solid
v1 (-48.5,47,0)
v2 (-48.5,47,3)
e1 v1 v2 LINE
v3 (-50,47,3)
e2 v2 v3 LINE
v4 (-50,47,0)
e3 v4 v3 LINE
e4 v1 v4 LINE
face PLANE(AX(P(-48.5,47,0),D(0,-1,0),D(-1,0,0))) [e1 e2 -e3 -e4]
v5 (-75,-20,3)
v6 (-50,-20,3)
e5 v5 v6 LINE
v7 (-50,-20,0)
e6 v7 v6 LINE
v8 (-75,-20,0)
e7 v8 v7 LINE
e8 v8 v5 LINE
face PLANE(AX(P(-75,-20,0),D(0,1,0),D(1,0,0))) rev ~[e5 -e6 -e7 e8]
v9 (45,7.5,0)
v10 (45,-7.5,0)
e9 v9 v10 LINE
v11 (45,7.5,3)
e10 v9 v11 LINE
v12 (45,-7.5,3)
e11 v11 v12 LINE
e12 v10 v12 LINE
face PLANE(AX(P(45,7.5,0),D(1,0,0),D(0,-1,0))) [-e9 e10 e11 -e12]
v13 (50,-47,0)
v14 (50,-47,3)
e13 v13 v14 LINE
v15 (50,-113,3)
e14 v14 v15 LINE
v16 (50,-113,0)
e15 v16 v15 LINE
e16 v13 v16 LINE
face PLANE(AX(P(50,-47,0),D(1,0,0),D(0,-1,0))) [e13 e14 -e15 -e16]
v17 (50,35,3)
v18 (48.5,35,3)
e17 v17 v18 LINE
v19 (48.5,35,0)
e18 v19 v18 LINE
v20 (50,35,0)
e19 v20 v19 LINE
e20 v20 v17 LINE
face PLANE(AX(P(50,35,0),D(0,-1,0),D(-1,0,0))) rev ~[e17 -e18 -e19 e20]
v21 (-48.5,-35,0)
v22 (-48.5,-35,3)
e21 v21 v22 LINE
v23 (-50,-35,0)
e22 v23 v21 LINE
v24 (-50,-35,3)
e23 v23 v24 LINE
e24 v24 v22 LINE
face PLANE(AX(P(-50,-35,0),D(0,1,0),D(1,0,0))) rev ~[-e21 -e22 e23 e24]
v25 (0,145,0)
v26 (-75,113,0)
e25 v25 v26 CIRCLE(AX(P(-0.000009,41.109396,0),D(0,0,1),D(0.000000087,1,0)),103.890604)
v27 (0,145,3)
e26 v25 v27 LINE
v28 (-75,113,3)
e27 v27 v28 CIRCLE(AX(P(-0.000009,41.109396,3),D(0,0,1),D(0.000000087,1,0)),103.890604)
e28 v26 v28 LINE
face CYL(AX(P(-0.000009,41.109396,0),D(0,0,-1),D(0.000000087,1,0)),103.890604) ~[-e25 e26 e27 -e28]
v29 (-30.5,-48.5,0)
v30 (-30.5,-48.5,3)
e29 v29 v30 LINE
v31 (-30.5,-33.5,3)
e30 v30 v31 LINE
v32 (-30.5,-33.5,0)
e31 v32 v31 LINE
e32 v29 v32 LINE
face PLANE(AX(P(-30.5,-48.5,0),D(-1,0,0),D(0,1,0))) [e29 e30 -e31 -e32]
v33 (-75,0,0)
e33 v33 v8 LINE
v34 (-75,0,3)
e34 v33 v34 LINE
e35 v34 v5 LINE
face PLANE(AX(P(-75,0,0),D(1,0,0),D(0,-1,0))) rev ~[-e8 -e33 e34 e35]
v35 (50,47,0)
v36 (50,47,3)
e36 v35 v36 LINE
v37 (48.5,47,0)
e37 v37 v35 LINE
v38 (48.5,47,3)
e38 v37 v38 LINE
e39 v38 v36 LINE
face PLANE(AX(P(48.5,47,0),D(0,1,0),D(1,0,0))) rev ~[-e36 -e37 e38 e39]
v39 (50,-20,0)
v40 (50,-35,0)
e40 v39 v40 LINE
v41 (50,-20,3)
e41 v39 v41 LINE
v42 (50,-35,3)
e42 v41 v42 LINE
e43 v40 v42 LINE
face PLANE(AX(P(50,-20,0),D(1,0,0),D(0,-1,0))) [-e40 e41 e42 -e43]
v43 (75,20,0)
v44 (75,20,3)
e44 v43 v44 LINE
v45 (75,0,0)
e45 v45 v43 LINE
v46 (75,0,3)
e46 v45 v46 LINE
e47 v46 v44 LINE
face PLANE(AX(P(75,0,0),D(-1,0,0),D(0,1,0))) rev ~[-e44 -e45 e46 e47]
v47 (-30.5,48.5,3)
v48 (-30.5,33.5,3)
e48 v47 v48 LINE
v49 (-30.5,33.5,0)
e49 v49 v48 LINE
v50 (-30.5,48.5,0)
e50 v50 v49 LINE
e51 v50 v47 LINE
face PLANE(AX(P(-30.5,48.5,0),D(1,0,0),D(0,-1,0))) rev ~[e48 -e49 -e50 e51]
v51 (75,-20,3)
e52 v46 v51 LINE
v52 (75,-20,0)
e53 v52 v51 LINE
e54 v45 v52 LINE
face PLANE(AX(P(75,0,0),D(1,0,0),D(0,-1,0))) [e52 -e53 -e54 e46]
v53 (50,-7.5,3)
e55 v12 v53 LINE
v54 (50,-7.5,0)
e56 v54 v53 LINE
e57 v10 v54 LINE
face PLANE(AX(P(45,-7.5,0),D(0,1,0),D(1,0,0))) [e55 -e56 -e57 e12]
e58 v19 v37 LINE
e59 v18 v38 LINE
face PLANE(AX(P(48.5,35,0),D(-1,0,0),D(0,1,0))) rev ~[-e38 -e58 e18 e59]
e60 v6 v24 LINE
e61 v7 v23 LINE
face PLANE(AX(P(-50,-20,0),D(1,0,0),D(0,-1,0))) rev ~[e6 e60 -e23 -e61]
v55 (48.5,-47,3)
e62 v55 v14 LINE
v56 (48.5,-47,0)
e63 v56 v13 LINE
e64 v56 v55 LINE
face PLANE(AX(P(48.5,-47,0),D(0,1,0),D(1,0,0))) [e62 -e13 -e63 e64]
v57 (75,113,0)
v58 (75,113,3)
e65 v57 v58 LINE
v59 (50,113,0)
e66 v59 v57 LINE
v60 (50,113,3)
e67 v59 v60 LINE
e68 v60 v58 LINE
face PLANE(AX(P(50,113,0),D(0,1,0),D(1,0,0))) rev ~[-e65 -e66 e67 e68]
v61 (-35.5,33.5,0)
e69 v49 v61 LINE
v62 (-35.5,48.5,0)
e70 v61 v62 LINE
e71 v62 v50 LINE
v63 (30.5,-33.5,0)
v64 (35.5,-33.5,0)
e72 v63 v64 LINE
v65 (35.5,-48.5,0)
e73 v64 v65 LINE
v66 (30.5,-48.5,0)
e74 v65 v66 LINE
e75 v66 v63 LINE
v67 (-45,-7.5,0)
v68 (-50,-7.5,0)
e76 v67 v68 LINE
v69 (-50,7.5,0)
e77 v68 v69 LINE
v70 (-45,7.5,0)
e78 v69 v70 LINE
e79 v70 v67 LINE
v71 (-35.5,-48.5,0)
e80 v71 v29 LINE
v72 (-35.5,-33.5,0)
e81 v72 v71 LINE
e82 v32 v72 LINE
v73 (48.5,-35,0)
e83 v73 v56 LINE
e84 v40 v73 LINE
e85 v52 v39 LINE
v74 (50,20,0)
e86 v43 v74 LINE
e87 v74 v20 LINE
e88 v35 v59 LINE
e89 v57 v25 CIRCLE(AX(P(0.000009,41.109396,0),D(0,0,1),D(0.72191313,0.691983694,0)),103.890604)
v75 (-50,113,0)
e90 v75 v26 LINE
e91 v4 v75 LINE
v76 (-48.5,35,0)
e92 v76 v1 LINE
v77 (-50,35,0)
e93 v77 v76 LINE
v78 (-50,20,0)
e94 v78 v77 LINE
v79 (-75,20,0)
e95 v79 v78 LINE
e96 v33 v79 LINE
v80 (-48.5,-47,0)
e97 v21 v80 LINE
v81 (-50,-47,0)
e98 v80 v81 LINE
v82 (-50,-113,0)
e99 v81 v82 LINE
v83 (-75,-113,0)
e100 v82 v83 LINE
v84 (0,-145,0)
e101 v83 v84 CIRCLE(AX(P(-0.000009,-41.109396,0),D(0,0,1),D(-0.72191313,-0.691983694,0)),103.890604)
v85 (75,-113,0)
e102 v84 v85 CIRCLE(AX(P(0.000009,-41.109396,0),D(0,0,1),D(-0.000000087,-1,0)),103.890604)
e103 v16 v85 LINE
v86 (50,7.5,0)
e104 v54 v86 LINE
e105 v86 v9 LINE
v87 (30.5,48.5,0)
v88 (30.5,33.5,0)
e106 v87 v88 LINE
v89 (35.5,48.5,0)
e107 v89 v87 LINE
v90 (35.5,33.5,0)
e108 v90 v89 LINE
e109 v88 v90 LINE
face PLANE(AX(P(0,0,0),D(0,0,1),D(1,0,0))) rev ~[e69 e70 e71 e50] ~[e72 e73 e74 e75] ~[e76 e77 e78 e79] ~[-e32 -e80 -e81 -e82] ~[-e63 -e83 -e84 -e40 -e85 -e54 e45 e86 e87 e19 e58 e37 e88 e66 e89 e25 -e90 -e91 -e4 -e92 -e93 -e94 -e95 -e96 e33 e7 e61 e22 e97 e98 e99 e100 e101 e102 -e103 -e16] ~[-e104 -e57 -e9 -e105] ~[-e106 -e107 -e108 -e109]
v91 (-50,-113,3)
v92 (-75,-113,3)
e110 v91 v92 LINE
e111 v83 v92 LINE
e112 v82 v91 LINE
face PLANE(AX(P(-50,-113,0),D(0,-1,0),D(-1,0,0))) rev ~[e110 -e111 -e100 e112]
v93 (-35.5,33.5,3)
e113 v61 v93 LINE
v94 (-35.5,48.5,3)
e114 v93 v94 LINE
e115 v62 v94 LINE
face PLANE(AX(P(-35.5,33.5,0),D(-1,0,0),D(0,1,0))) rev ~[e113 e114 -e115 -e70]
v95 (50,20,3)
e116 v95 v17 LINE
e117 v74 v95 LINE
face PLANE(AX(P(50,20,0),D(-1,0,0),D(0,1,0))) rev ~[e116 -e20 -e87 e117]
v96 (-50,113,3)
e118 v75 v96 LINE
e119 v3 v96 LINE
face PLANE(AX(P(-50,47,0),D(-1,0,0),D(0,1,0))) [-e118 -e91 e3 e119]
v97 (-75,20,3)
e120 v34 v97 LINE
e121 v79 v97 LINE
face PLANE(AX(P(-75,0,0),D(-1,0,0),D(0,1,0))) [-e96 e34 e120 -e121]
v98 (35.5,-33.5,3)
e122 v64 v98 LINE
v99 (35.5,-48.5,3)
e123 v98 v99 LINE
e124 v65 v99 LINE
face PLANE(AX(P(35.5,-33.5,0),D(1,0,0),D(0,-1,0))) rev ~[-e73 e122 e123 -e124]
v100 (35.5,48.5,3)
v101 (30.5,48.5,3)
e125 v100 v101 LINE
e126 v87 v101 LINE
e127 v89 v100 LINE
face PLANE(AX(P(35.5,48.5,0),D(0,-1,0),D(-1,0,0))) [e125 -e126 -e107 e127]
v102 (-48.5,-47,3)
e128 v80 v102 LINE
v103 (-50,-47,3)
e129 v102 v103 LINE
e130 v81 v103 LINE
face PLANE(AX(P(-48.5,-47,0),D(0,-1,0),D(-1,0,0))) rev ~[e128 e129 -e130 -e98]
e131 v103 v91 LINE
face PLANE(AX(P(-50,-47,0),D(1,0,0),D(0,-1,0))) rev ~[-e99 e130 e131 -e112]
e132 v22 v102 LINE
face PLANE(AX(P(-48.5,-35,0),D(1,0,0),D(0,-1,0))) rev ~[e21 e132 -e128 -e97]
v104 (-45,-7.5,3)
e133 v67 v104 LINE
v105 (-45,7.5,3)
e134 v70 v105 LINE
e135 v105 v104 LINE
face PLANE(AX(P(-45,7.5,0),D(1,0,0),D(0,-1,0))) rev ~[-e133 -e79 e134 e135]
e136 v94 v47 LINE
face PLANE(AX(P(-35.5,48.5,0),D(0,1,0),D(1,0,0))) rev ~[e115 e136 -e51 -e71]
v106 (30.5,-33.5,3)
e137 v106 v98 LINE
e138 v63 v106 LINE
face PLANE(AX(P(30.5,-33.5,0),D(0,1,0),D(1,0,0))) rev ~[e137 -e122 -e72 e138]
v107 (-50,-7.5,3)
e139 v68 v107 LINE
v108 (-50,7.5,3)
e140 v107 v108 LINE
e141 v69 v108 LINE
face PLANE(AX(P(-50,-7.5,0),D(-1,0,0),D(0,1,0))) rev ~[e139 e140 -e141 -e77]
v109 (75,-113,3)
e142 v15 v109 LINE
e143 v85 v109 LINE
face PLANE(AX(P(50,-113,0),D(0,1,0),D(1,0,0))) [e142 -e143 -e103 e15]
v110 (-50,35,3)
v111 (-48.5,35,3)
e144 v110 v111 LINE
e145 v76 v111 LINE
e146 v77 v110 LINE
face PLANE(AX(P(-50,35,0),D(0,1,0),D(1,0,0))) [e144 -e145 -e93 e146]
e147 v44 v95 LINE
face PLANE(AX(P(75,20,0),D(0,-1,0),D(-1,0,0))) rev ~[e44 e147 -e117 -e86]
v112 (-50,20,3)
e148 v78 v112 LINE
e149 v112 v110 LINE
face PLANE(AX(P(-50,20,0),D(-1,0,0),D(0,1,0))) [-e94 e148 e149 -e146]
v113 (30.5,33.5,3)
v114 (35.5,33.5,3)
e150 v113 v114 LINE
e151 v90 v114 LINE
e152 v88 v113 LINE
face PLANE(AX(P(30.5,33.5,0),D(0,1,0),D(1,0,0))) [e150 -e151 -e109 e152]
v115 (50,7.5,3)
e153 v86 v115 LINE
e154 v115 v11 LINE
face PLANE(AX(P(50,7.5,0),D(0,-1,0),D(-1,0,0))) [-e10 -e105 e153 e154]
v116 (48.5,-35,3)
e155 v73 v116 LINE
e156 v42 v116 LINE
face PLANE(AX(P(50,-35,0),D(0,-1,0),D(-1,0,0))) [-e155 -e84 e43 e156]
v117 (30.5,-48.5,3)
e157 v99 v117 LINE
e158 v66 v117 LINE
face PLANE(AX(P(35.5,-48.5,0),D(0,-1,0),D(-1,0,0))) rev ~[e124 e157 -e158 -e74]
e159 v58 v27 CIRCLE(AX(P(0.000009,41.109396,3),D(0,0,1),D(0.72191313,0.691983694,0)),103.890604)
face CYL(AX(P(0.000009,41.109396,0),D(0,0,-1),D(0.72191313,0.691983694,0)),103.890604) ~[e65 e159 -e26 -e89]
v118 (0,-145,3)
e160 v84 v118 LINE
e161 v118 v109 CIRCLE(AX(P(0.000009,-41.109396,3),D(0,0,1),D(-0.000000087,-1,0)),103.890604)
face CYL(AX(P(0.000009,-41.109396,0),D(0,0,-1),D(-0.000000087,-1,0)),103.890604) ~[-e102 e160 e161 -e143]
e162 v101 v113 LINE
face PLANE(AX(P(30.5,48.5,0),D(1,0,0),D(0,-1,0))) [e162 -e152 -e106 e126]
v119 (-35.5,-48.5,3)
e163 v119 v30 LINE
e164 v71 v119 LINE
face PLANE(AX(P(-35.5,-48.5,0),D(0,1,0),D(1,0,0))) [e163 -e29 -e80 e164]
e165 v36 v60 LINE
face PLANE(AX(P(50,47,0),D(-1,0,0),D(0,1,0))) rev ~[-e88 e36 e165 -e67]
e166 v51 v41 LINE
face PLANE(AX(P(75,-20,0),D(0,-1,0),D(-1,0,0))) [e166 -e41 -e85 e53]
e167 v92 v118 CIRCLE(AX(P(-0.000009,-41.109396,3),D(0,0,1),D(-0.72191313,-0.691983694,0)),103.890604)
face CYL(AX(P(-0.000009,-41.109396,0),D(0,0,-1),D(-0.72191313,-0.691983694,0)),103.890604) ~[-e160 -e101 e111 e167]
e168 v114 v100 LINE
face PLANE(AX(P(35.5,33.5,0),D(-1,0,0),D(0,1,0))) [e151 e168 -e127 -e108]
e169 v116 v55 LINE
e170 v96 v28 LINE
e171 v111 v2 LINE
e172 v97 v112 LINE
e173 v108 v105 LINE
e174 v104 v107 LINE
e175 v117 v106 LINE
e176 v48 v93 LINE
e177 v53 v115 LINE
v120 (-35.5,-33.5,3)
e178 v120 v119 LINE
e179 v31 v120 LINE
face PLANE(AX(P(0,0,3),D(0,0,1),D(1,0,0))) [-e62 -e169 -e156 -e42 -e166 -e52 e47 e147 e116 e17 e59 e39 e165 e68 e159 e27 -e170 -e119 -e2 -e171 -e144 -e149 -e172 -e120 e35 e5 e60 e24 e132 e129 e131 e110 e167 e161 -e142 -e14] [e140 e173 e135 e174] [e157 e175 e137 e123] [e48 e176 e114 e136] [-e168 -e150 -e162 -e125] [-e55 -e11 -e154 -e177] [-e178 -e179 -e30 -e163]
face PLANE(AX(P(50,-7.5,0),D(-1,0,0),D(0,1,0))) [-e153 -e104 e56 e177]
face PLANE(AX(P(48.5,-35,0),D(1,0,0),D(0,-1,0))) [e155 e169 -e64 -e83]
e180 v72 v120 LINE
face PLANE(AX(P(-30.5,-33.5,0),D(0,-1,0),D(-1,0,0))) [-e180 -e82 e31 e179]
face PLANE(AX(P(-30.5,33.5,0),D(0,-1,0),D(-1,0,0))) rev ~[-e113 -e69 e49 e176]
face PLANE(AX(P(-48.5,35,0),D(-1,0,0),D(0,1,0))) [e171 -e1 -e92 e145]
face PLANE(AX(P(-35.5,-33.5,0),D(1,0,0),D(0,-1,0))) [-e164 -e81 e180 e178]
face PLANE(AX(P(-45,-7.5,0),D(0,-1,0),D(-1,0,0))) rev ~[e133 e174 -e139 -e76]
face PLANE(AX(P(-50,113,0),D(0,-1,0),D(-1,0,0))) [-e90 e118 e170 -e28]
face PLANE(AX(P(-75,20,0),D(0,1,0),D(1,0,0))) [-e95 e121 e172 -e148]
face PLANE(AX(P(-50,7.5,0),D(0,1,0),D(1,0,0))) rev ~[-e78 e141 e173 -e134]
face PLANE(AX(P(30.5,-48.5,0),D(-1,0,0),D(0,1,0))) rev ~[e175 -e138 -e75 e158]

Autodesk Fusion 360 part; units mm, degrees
sketch "Sketch1" plane through (0, 0, 0) normal (0, 0, 1) x (1, 0, 0)
  line L0 (0, 0) -> (75, 0) construction
  line L1 (0, 0) -> (0, 145) construction
  line L2 (75, 0) -> (75, 20)
  line L3 (75, 20) -> (50, 20)
  line L4 (50, 20) -> (50, 113)
  line L5 (50, 113) -> (75, 113)
  arc A0 (75, 113) -> (0, 145) centre (0, 41.1094) ccw
  line L6 (0, 145) -> (-55.6559, 145) construction
  line L7 (-75, 0) -> (-75, 20)
  line L8 (-75, 20) -> (-50, 20)
  line L9 (-50, 20) -> (-50, 113)
  line L10 (-50, 113) -> (-75, 113)
  arc A1 (0, 145) -> (-75, 113) centre (0, 41.1094) ccw
  line L11 (75, 0) -> (75, -20)
  line L12 (75, -20) -> (50, -20)
  line L13 (50, -20) -> (50, -113)
  line L14 (50, -113) -> (75, -113)
  arc A2 (0, -145) -> (75, -113) centre (0, -41.1094) ccw
  line L15 (-50, -113) -> (-75, -113)
  line L16 (-50, -20) -> (-50, -113)
  line L17 (-75, -20) -> (-50, -20)
  line L18 (-75, 0) -> (-75, -20)
  arc A3 (-75, -113) -> (0, -145) centre (0, -41.1094) ccw
  line L19 (50, 35) -> (48.5, 35)
  line L20 (48.5, 35) -> (48.5, 47)
  line L21 (48.5, 47) -> (50, 47)
  line L22 (50, 47) -> (50, 35)
  line L23 (-50, 47) -> (-50, 35)
  line L24 (-50, 35) -> (-48.5, 35)
  line L25 (-48.5, 35) -> (-48.5, 47)
  line L26 (-48.5, 47) -> (-50, 47)
  line L27 (-48.5, -47) -> (-50, -47)
  line L28 (-50, -47) -> (-50, -35)
  line L29 (50, -47) -> (50, -35)
  line L30 (50, -35) -> (48.5, -35)
  line L31 (-50, -35) -> (-48.5, -35)
  line L32 (48.5, -35) -> (48.5, -47)
  line L33 (-48.5, -35) -> (-48.5, -47)
  line L34 (48.5, -47) -> (50, -47)
  line L35 (-50, 7.5) -> (-45, 7.5)
  line L36 (-45, 7.5) -> (-45, -7.5)
  line L37 (-45, -7.5) -> (-50, -7.5)
  line L38 (-50, -7.5) -> (-50, 7.5)
  line L39 (-45, 0) -> (0, 0) construction
  line L40 (50, 7.5) -> (45, 7.5)
  line L41 (45, 7.5) -> (45, -7.5)
  line L42 (45, -7.5) -> (50, -7.5)
  line L43 (50, -7.5) -> (50, 7.5)
  line L44 (-35.5, 48.5) -> (-30.5, 48.5)
  line L45 (-30.5, 48.5) -> (-30.5, 33.5)
  line L46 (-30.5, 33.5) -> (-35.5, 33.5)
  line L47 (-35.5, 33.5) -> (-35.5, 48.5)
  line L48 (-48.5, 41) -> (-35.5, 41) construction
  line L49 (30.5, 48.5) -> (30.5, 33.5)
  line L50 (30.5, 33.5) -> (35.5, 33.5)
  line L51 (35.5, 33.5) -> (35.5, 48.5)
  line L52 (35.5, 48.5) -> (30.5, 48.5)
  line L53 (-30.5, -48.5) -> (-30.5, -33.5)
  line L54 (-30.5, -33.5) -> (-35.5, -33.5)
  line L55 (-35.5, -33.5) -> (-35.5, -48.5)
  line L56 (-35.5, -48.5) -> (-30.5, -48.5)
  line L57 (35.5, -33.5) -> (35.5, -48.5)
  line L58 (35.5, -48.5) -> (30.5, -48.5)
  line L59 (30.5, -48.5) -> (30.5, -33.5)
  line L60 (30.5, -33.5) -> (35.5, -33.5)
  point P0 (35.5, 41)
  dimension "d6" = 75
  dimension "d7" = 145
  dimension "d8" = 20
  dimension "d9" = 25
  dimension "d10" = 93
  dimension "d11" = 15
  dimension "d12" = 1.5
  dimension "d13" = 12
  dimension "d15" = 5
  dimension "d16" = 15
  dimension "d17" = 25
  dimension "d18" = 5
  dimension "d19" = 15
  dimension "d20" = 13
extrude "Extrude1" add sketch "Sketch1" along normal blind 3 contours L2 L3 L4 L5 A0 L7 L8 L9 L10 A1 L11 L12 L13 L14 A2 L15 L16 L17 L18 A3 L19 L20 L21 L24 L25 L26 L27 L30 L31 L32 L33 L34
sketch "Sketch2" plane through (0, 0, 3) normal (0, 0, 1) x (-1, 0, 0)
  line L0 (-30.5, 48.5) -> (-30.5, 33.5)
  line L1 (-30.5, 33.5) -> (-35.5, 33.5)
  line L2 (-35.5, 33.5) -> (-35.5, 48.5)
  line L3 (-35.5, 48.5) -> (-30.5, 48.5)
  line L4 (45, 7.5) -> (50, 7.5)
  line L5 (50, 7.5) -> (50, -7.5)
  line L6 (50, -7.5) -> (45, -7.5)
  line L7 (45, -7.5) -> (45, 7.5)
  line L8 (30.5, 48.5) -> (35.5, 48.5)
  line L9 (35.5, 48.5) -> (35.5, 33.5)
  line L10 (35.5, 33.5) -> (30.5, 33.5)
  line L11 (30.5, 33.5) -> (30.5, 48.5)
  line L12 (-30.5, -48.5) -> (-35.5, -48.5)
  line L13 (-35.5, -48.5) -> (-35.5, -33.5)
  line L14 (-35.5, -33.5) -> (-30.5, -33.5)
  line L15 (-30.5, -33.5) -> (-30.5, -48.5)
  line L16 (30.5, -33.5) -> (35.5, -33.5)
  line L17 (35.5, -33.5) -> (35.5, -48.5)
  line L18 (35.5, -48.5) -> (30.5, -48.5)
  line L19 (30.5, -48.5) -> (30.5, -33.5)
  line L20 (-50, -7.5) -> (-50, 7.5)
  line L21 (-50, 7.5) -> (-45, 7.5)
  line L22 (-45, 7.5) -> (-45, -7.5)
  line L23 (-45, -7.5) -> (-50, -7.5)
  line L24 (-75, 20) -> (-75, -20)
  line L25 (-75, -20) -> (-50, -20)
  line L26 (-50, -20) -> (-50, -35)
  line L27 (-50, -35) -> (-48.5, -35)
  line L28 (-48.5, -35) -> (-48.5, -47)
  line L29 (-48.5, -47) -> (-50, -47)
  line L30 (-50, -47) -> (-50, -113)
  line L31 (-50, -113) -> (-75, -113)
  arc A0 (-75, -113) -> (75, -113) centre (0, -41.1094) ccw
  line L32 (75, -113) -> (50, -113)
  line L33 (50, -113) -> (50, -47)
  line L34 (50, -47) -> (48.5, -47)
  line L35 (48.5, -47) -> (48.5, -35)
  line L36 (48.5, -35) -> (50, -35)
  line L37 (50, -35) -> (50, -20)
  line L38 (50, -20) -> (75, -20)
  line L39 (75, -20) -> (75, 20)
  line L40 (75, 20) -> (50, 20)
  line L41 (50, 20) -> (50, 35)
  line L42 (50, 35) -> (48.5, 35)
  line L43 (48.5, 35) -> (48.5, 47)
  line L44 (48.5, 47) -> (50, 47)
  line L45 (50, 47) -> (50, 113)
  line L46 (50, 113) -> (75, 113)
  arc A1 (75, 113) -> (-75, 113) centre (0, 41.1094) ccw
  line L47 (-75, 113) -> (-50, 113)
  line L48 (-50, 113) -> (-50, 47)
  line L49 (-50, 47) -> (-48.5, 47)
  line L50 (-48.5, 47) -> (-48.5, 35)
  line L51 (-48.5, 35) -> (-50, 35)
  line L52 (-50, 35) -> (-50, 20)
  line L53 (-50, 20) -> (-75, 20)
equation "d6 = ( 150 / 2 ) * 1 mm"
equation "d7 = ( 290 / 2 ) * 1 mm"
equation "d8 = ( 40 / 2 ) * 1 mm"
